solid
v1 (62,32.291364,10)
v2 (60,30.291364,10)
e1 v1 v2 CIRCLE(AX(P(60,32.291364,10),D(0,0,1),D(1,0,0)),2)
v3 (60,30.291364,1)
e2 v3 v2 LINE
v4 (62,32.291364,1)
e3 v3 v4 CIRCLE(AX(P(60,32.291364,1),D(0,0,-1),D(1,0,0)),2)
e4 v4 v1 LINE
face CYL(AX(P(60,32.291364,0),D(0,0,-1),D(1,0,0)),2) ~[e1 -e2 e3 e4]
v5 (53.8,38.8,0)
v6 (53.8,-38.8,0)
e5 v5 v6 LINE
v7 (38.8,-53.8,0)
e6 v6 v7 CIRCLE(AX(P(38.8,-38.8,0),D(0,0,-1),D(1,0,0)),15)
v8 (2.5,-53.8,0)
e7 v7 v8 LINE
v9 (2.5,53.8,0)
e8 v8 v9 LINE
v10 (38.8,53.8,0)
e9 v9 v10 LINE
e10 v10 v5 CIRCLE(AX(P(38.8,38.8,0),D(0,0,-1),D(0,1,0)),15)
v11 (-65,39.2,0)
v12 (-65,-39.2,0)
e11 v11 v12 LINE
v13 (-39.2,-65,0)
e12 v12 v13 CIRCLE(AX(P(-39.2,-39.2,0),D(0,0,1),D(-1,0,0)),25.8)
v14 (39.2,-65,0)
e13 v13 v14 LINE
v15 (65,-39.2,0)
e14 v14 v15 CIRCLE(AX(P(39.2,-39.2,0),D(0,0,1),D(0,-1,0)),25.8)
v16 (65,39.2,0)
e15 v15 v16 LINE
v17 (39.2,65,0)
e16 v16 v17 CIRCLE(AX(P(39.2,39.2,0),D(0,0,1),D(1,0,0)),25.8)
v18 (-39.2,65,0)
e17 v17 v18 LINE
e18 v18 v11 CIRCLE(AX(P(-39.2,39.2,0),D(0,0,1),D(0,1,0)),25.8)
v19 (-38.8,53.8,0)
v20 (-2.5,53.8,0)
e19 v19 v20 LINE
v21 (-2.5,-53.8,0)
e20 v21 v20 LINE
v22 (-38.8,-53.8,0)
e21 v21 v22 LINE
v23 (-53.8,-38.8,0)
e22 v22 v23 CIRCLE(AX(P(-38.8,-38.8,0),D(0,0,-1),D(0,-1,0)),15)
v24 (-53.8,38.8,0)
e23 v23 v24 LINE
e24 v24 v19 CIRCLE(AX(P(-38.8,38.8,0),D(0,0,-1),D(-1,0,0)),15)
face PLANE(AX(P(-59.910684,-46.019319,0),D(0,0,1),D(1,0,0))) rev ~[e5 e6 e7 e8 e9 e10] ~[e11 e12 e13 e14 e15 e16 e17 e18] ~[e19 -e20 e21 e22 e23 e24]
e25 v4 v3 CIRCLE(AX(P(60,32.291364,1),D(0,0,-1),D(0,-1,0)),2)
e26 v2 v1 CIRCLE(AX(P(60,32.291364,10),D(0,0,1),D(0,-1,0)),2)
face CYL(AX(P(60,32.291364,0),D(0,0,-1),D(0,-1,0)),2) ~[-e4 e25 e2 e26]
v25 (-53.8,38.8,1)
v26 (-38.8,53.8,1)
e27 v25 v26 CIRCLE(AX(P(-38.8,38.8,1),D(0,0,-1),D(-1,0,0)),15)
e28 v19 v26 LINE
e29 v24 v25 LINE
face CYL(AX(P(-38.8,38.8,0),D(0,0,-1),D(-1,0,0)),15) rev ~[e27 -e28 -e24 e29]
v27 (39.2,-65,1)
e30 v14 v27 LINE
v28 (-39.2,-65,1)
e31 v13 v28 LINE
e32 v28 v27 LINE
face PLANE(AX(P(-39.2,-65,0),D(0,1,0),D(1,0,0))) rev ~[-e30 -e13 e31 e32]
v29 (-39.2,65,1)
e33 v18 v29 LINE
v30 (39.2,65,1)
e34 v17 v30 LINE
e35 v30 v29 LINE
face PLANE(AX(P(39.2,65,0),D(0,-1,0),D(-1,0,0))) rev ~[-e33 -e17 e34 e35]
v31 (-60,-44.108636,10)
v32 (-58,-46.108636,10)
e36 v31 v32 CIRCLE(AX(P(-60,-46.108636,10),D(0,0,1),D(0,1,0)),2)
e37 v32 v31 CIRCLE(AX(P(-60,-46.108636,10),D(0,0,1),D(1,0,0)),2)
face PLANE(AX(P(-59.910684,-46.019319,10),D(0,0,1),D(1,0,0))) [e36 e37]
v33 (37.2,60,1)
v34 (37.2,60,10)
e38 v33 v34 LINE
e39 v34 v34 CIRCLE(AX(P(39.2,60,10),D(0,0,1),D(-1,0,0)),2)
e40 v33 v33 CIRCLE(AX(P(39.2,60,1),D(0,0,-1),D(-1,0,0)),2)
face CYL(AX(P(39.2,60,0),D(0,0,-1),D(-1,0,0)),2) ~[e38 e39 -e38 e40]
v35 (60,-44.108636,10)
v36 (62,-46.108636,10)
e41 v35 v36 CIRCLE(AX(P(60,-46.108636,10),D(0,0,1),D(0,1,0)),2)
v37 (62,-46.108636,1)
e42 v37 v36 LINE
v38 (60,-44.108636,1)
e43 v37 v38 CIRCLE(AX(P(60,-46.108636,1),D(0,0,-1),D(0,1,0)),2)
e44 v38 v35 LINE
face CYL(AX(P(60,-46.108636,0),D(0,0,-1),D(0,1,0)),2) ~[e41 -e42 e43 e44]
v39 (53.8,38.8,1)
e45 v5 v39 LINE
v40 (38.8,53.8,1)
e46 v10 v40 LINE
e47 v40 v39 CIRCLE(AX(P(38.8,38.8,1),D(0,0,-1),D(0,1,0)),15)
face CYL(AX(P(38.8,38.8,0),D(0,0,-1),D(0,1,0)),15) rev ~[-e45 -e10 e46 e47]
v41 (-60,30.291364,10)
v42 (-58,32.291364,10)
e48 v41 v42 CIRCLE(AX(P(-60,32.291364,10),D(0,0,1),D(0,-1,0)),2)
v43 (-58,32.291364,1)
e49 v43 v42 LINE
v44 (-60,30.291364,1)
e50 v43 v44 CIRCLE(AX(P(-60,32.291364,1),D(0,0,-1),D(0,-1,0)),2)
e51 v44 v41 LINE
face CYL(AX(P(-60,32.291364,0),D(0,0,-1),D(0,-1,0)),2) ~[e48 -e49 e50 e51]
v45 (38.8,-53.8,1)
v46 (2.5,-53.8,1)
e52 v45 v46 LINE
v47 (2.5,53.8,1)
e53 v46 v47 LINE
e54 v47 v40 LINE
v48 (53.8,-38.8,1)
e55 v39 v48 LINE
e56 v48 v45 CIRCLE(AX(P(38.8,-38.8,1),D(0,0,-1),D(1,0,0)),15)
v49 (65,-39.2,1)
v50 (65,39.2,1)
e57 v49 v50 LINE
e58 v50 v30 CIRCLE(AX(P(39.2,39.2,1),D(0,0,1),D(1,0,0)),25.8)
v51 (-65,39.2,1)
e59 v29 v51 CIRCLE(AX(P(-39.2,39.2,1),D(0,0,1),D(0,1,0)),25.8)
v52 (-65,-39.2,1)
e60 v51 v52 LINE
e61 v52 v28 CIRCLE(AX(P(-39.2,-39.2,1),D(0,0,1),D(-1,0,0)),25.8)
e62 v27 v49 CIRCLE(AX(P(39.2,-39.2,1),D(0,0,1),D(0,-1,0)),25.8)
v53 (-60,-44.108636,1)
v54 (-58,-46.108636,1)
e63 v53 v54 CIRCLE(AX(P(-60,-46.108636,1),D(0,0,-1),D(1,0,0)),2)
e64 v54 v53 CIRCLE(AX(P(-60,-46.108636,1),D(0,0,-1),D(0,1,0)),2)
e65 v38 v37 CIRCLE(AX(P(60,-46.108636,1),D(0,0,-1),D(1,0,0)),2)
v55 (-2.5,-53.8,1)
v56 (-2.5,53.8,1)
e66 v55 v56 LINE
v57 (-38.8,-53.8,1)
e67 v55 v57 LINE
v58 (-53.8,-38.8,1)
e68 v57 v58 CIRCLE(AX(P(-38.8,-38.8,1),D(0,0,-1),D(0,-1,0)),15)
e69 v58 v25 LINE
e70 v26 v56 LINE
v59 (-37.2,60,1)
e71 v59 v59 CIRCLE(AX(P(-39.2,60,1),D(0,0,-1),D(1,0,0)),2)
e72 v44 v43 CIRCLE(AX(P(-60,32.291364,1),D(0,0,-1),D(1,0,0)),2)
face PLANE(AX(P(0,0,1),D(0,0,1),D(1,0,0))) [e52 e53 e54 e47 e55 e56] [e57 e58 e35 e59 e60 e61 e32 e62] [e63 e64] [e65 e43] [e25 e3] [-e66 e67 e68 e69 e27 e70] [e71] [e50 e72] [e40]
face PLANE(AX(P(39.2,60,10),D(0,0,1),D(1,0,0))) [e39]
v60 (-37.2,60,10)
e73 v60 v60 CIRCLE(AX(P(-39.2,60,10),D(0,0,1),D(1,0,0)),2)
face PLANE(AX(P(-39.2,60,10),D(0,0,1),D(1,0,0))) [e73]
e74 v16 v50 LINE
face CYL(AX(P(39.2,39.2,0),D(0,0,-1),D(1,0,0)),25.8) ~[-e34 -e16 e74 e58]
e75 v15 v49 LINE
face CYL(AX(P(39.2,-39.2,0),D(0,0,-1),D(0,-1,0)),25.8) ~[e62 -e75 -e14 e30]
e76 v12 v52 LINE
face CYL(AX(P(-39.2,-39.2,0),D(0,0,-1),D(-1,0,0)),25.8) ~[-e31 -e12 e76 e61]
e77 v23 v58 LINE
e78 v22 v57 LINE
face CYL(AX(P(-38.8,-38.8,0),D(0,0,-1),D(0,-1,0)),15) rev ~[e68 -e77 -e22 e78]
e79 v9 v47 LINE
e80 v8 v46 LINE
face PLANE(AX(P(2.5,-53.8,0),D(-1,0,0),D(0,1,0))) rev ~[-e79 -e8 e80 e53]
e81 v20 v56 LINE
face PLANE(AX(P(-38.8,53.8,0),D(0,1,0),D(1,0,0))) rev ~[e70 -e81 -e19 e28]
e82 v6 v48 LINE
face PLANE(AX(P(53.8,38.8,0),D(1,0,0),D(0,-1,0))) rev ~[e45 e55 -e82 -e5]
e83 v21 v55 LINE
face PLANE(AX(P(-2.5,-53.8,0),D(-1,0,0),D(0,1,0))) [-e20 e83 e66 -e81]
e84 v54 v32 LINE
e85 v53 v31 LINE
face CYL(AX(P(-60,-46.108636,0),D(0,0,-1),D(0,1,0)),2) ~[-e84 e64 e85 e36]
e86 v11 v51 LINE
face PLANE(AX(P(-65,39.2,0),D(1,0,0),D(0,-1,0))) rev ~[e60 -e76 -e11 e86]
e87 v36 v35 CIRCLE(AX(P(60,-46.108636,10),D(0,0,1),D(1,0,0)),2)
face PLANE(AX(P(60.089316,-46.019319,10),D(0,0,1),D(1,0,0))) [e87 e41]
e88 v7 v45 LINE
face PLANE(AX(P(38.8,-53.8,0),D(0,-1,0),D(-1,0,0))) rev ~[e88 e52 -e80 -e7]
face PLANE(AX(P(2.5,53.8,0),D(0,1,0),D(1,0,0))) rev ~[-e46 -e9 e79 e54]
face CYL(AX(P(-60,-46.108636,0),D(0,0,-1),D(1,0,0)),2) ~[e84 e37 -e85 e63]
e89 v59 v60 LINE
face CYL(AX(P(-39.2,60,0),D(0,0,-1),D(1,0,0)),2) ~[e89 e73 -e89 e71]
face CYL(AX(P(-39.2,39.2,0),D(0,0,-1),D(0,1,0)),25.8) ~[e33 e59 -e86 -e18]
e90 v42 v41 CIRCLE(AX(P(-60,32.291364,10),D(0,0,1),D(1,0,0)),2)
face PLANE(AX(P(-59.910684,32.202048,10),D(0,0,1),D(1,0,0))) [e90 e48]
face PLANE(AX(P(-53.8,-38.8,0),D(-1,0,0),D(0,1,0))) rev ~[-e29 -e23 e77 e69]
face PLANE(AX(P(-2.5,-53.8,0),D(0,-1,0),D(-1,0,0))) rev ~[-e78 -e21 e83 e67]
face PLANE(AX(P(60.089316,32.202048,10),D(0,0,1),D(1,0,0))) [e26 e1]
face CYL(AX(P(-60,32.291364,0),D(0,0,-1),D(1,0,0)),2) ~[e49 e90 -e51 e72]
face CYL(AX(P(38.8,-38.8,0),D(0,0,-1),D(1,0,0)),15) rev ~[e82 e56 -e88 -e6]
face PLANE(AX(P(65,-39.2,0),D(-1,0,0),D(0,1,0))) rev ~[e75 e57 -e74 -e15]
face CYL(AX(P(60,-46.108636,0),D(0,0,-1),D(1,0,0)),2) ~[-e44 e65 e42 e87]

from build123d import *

# Parameters (mm, degrees)
F0_R     = 2
F0_W     = 2.6
F0_H     = 107.6
F0_W_2   = 1.2
F0_H_2   = 1.2
F1_DEPTH = 1
F2_DEPTH = 10


with BuildPart() as f1:
    # F0 (on Top) → F1 (new body)
    with BuildSketch(Plane.XY):
        with BuildLine():
            ThreePointArc((65, 39.2), (57.4433549546, 57.4433549546), (39.2, 65))
            Line((39.2, 65), (-39.2, 65))
            ThreePointArc((-39.2, 65), (-57.4433549546, 57.4433549546), (-65, 39.2))
            Line((-65, 39.2), (-65, -39.2))
            ThreePointArc((-65, -39.2), (-57.4433549546, -57.4433549546), (-39.2, -65))
            Line((-39.2, -65), (39.2, -65))
            ThreePointArc((39.2, -65), (57.4433549546, -57.4433549546), (65, -39.2))
            Line((65, -39.2), (65, 39.2))
        make_face()
        with BuildLine():
            ThreePointArc((-58, -46.1086357947), (-61.4142135624, -47.5228493571), (-60, -44.1086357947))
            ThreePointArc((-60, -44.1086357947), (-58.5857864376, -44.6944222324), (-58, -46.1086357947))
        make_face(mode=Mode.SUBTRACT)
        with BuildLine():
            ThreePointArc((62, -46.1086357947), (58.5857864376, -47.5228493571), (60, -44.1086357947))
            ThreePointArc((60, -44.1086357947), (61.4142135624, -44.6944222324), (62, -46.1086357947))
        make_face(mode=Mode.SUBTRACT)
        with BuildLine():
            ThreePointArc((-58, 32.2913642053), (-58.5857864376, 30.8771506429), (-60, 30.2913642053))
            ThreePointArc((-60, 30.2913642053), (-61.4142135624, 33.7055777676), (-58, 32.2913642053))
        make_face(mode=Mode.SUBTRACT)
        with Locations((-39.2, 60)):
            Circle(F0_R, mode=Mode.SUBTRACT)
        with BuildLine():
            ThreePointArc((-55, 39.2), (-50.3722871427, 50.3722871427), (-39.2, 55))
            Line((-39.2, 55), (-2.5, 55))
            Line((-2.5, 55), (-1.3, 55))
            Line((-1.3, 55), (1.3, 55))
            Line((1.3, 55), (2.5, 55))
            Line((2.5, 55), (39.2, 55))
            ThreePointArc((39.2, 55), (50.3722871427, 50.3722871427), (55, 39.2))
            Line((55, 39.2), (55, -39.2))
            ThreePointArc((55, -39.2), (50.3722871427, -50.3722871427), (39.2, -55))
            Line((39.2, -55), (2.5, -55))
            Line((2.5, -55), (1.3, -55))
            Line((1.3, -55), (-1.3, -55))
            Line((-1.3, -55), (-2.5, -55))
            Line((-2.5, -55), (-39.2, -55))
            ThreePointArc((-39.2, -55), (-50.3722871427, -50.3722871427), (-55, -39.2))
            Line((-55, -39.2), (-55, 39.2))
        make_face(mode=Mode.SUBTRACT)
        with BuildLine():
            ThreePointArc((62, 32.2913642053), (61.4142135624, 30.8771506429), (60, 30.2913642053))
            ThreePointArc((60, 30.2913642053), (58.5857864376, 33.7055777676), (62, 32.2913642053))
        make_face(mode=Mode.SUBTRACT)
        with BuildLine():
            ThreePointArc((41.2, 60), (39.2, 58), (37.2, 60))
            ThreePointArc((37.2, 60), (39.2, 62), (41.2, 60))
        make_face(mode=Mode.SUBTRACT)
        Rectangle(F0_W, F0_H)
        with BuildLine():
            Line((-2.5, 55), (-39.2, 55))
            ThreePointArc((-39.2, 55), (-50.3722871427, 50.3722871427), (-55, 39.2))
            Line((-55, 39.2), (-55, -39.2))
            ThreePointArc((-55, -39.2), (-50.3722871427, -50.3722871427), (-39.2, -55))
            Line((-39.2, -55), (-2.5, -55))
            Line((-2.5, -55), (-2.5, -53.8))
            Line((-2.5, -53.8), (-38.8, -53.8))
            ThreePointArc((-38.8, -53.8), (-49.4066017178, -49.4066017178), (-53.8, -38.8))
            Line((-53.8, -38.8), (-53.8, 38.8))
            ThreePointArc((-53.8, 38.8), (-49.4066017178, 49.4066017178), (-38.8, 53.8))
            Line((-38.8, 53.8), (-2.5, 53.8))
            Line((-2.5, 53.8), (-2.5, 55))
        make_face()
        with BuildLine():
            Line((39.2, 55), (2.5, 55))
            Line((2.5, 55), (2.5, 53.8))
            Line((2.5, 53.8), (38.8, 53.8))
            ThreePointArc((38.8, 53.8), (49.4066017178, 49.4066017178), (53.8, 38.8))
            Line((53.8, 38.8), (53.8, -38.8))
            ThreePointArc((53.8, -38.8), (49.4066017178, -49.4066017178), (38.8, -53.8))
            Line((38.8, -53.8), (2.5, -53.8))
            Line((2.5, -53.8), (2.5, -55))
            Line((2.5, -55), (39.2, -55))
            ThreePointArc((39.2, -55), (50.3722871427, -50.3722871427), (55, -39.2))
            Line((55, -39.2), (55, 39.2))
            ThreePointArc((55, 39.2), (50.3722871427, 50.3722871427), (39.2, 55))
        make_face()
        with Locations((-1.9, 0)):
            Rectangle(F0_W_2, F0_H)
        with Locations((1.9, 0)):
            Rectangle(F0_W_2, F0_H)
        with BuildLine():
            ThreePointArc((-58, -46.1086357947), (-58.5857864376, -44.6944222324), (-60, -44.1086357947))
            ThreePointArc((-60, -44.1086357947), (-61.4142135624, -47.5228493571), (-58, -46.1086357947))
        make_face()
        with BuildLine():
            ThreePointArc((-58, 32.2913642053), (-61.4142135624, 33.7055777676), (-60, 30.2913642053))
            ThreePointArc((-60, 30.2913642053), (-58.5857864376, 30.8771506429), (-58, 32.2913642053))
        make_face()
        with Locations((-39.2, 60)):
            Circle(F0_R)
        with BuildLine():
            ThreePointArc((41.2, 60), (39.2, 62), (37.2, 60))
            ThreePointArc((37.2, 60), (39.2, 58), (41.2, 60))
        make_face()
        with BuildLine():
            ThreePointArc((62, 32.2913642053), (58.5857864376, 33.7055777676), (60, 30.2913642053))
            ThreePointArc((60, 30.2913642053), (61.4142135624, 30.8771506429), (62, 32.2913642053))
        make_face()
        with BuildLine():
            ThreePointArc((62, -46.1086357947), (61.4142135624, -44.6944222324), (60, -44.1086357947))
            ThreePointArc((60, -44.1086357947), (58.5857864376, -47.5228493571), (62, -46.1086357947))
        make_face()
        with Locations((0, -54.4)):
            Rectangle(F0_W, F0_H_2)
        with Locations((0, 54.4)):
            Rectangle(F0_W, F0_H_2)
        with Locations((-1.9, -54.4)):
            Rectangle(F0_W_2, F0_H_2)
        with Locations((1.9, -54.4)):
            Rectangle(F0_W_2, F0_H_2)
        with Locations((-1.9, 54.4)):
            Rectangle(F0_W_2, F0_H_2)
        with Locations((1.9, 54.4)):
            Rectangle(F0_W_2, F0_H_2)
    extrude(amount=F1_DEPTH)

    # F0 (on Top) → F2 (join)
    with BuildSketch(Plane.XY):
        with BuildLine():
            ThreePointArc((-58, -46.1086357947), (-58.5857864376, -44.6944222324), (-60, -44.1086357947))
            ThreePointArc((-60, -44.1086357947), (-61.4142135624, -47.5228493571), (-58, -46.1086357947))
        make_face()
        with BuildLine():
            ThreePointArc((-58, 32.2913642053), (-61.4142135624, 33.7055777676), (-60, 30.2913642053))
            ThreePointArc((-60, 30.2913642053), (-58.5857864376, 30.8771506429), (-58, 32.2913642053))
        make_face()
        with BuildLine():
            ThreePointArc((41.2, 60), (39.2, 62), (37.2, 60))
            ThreePointArc((37.2, 60), (39.2, 58), (41.2, 60))
        make_face()
        with Locations((-39.2, 60)):
            Circle(F0_R)
        with BuildLine():
            ThreePointArc((62, -46.1086357947), (61.4142135624, -44.6944222324), (60, -44.1086357947))
            ThreePointArc((60, -44.1086357947), (58.5857864376, -47.5228493571), (62, -46.1086357947))
        make_face()
        with BuildLine():
            ThreePointArc((62, 32.2913642053), (58.5857864376, 33.7055777676), (60, 30.2913642053))
            ThreePointArc((60, 30.2913642053), (61.4142135624, 30.8771506429), (62, 32.2913642053))
        make_face()
    extrude(amount=F2_DEPTH)


solid = f1.part
